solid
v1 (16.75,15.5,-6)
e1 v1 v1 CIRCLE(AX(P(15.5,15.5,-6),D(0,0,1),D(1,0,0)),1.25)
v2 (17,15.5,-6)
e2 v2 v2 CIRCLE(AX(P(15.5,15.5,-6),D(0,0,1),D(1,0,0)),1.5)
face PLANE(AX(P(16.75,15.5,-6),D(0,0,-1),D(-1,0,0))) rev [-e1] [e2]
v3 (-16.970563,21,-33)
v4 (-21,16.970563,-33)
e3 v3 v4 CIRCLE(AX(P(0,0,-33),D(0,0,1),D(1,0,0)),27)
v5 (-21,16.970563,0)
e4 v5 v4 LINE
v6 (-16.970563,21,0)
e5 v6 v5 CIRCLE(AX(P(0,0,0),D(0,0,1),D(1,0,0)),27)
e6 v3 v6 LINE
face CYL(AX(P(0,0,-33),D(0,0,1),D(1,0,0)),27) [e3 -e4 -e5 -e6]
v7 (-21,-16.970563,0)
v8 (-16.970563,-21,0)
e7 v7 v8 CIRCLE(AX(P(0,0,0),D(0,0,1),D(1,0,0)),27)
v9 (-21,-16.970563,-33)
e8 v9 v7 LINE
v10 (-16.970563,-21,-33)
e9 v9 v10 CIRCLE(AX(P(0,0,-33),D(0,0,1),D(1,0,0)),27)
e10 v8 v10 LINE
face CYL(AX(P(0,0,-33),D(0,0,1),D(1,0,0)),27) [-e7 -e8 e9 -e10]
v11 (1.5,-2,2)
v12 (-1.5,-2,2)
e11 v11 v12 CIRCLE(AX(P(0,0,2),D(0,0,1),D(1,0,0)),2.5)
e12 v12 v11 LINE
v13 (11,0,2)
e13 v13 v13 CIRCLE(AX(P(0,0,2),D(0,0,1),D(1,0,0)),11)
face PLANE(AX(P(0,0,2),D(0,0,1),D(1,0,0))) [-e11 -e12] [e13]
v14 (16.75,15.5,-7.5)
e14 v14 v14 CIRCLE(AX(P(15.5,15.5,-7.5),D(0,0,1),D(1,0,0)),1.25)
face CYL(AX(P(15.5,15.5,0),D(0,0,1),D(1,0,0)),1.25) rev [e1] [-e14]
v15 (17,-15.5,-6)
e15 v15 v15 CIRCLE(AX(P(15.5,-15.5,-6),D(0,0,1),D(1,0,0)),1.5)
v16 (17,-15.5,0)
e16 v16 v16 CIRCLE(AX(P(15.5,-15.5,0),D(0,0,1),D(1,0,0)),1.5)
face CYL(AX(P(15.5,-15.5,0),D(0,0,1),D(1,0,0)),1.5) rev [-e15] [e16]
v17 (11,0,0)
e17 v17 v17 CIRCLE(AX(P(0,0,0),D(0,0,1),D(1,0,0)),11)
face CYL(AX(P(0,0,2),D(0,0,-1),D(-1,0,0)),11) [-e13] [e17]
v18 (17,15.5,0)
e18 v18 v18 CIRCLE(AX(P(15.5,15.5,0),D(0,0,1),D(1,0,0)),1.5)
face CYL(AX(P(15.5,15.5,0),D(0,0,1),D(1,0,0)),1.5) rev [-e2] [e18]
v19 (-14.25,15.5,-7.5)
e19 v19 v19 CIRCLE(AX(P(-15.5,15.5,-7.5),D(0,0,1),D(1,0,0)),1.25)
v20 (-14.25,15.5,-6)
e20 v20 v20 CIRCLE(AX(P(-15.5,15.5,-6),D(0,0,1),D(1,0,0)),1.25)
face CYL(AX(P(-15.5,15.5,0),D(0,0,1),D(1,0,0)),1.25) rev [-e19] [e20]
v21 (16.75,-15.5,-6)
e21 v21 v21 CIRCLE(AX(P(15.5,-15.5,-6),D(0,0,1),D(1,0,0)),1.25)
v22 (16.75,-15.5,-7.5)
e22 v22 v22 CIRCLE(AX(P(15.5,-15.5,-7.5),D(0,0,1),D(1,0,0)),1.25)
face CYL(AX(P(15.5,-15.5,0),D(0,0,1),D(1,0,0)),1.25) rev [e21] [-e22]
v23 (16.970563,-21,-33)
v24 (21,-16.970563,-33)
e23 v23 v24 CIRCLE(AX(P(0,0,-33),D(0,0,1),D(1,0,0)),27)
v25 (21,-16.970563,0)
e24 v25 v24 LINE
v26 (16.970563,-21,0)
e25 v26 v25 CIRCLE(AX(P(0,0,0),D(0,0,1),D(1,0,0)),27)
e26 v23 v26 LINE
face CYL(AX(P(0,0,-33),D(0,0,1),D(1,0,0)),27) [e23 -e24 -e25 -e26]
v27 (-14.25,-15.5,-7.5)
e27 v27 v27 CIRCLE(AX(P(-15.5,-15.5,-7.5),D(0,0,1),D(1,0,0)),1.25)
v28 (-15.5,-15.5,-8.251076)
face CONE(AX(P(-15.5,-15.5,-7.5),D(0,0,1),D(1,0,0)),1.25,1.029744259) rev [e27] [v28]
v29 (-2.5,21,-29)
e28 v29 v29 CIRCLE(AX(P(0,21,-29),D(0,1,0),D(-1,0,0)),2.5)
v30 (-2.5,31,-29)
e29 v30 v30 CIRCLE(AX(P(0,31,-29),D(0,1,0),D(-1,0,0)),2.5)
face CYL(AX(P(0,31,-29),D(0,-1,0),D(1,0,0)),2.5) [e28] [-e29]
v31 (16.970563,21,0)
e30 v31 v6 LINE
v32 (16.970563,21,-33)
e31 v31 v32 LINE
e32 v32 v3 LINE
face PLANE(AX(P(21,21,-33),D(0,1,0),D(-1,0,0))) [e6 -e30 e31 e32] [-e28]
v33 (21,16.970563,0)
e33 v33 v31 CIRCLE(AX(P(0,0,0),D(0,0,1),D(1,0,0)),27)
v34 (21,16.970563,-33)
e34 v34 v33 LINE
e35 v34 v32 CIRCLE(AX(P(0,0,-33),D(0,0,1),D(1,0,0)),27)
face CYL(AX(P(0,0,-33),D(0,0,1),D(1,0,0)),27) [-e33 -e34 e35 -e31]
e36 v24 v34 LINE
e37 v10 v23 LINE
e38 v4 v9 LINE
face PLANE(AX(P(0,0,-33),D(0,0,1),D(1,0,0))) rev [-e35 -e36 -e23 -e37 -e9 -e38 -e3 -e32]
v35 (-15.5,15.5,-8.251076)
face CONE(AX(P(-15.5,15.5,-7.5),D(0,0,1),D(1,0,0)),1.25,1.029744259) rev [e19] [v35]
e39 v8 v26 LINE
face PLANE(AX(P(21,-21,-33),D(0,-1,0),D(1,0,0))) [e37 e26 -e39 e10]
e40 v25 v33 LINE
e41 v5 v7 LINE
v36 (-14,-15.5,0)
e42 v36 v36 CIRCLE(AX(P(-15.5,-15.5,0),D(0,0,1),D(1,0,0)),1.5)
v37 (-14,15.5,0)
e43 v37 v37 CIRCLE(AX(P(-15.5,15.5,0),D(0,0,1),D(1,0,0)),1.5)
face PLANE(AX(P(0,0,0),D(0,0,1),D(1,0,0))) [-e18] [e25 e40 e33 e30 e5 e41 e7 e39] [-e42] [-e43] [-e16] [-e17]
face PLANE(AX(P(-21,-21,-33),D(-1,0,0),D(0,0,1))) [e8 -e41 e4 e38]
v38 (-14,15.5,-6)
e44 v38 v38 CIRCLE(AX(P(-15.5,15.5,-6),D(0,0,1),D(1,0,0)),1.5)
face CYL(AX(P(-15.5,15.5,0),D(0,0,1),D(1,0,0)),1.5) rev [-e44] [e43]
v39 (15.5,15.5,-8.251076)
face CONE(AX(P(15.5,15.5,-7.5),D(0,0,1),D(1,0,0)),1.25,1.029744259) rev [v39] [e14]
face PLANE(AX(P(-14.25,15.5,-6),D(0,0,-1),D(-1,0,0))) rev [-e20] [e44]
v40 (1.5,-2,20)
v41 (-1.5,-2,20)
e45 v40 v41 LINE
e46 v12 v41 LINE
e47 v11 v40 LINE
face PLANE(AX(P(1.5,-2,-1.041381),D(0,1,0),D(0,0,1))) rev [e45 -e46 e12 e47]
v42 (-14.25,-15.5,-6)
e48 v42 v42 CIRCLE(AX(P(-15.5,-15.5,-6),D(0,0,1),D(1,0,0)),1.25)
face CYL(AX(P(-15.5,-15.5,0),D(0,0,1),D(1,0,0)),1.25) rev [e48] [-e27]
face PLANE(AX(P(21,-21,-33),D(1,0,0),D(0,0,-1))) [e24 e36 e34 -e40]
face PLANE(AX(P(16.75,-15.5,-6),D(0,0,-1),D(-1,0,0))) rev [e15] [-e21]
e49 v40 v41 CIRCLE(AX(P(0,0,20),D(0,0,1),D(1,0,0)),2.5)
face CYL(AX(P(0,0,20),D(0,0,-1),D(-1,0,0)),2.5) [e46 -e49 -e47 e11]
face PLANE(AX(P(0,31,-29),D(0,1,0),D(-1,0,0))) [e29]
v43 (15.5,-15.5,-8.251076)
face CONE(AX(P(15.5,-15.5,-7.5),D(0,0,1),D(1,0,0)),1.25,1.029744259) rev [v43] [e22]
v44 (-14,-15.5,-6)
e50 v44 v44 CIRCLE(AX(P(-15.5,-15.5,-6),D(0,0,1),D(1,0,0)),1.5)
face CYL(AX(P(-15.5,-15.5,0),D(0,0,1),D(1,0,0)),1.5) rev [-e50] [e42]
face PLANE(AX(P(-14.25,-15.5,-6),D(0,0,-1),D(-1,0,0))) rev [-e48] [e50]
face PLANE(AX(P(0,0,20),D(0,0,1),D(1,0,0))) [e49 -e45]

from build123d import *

# Parameters (mm, degrees)
SKETCH_1_W                   = 42
SKETCH_1_H                   = 42
EXTRUDE_1_DEPTH              = 33
SKETCH_2_R                   = 11
EXTRUDE_2_DEPTH              = 2
SKETCH_3_R                   = 2.5
EXTRUDE_3_DEPTH              = 18
CUT_EXTRUDE_2_DEPTH          = 18
HOLE_WIZARD_M3_1_D           = 2.5
HOLE_WIZARD_M3_1_DEPTH       = 7.5
HOLE_WIZARD_M3_1_CBORE_D     = 3
HOLE_WIZARD_M3_1_CBORE_DEPTH = 6
HOLE_WIZARD_M3_1_TIP         = 0.751075774
SKETCH_7_OUTSIDE_W           = 59.922
SKETCH_7_OUTSIDE_H           = 59.922
SKETCH_7_OUTSIDE_R           = 27
CUT_EXTRUDE_3_DEPTH          = 34
SKETCH_8_R                   = 2.5
EXTRUDE_4_DEPTH              = 10


with BuildPart() as part:
    # 草圖1 → 填料-伸長1 (new body)
    with BuildSketch(Plane.XY):
        Rectangle(SKETCH_1_W, SKETCH_1_H)
    extrude(amount=-EXTRUDE_1_DEPTH)

    # 草圖2 → 填料-伸長2 (add)
    with BuildSketch(Plane.XY):
        Circle(SKETCH_2_R)
    extrude(amount=EXTRUDE_2_DEPTH)

    # 草圖3 → 填料-伸長3 (add)
    with BuildSketch(Plane.XY.offset(2)):
        Circle(SKETCH_3_R)
    extrude(amount=EXTRUDE_3_DEPTH)

    # 草圖4 → 除料-伸長2 (cut)
    with BuildSketch(Plane.XY.offset(20)):
        with BuildLine():
            Line((1.5, -2), (-1.5, -2))
            ThreePointArc((-1.5, -2), (0, -2.5), (1.5, -2))
        make_face()
    extrude(amount=-CUT_EXTRUDE_2_DEPTH, mode=Mode.SUBTRACT)

    # M3 螺紋孔1
    with Locations(Plane.XY):
        with Locations((-15.5, 15.5), (15.5, 15.5), (15.5, -15.5), (-15.5, -15.5)):
            CounterBoreHole(HOLE_WIZARD_M3_1_D / 2, HOLE_WIZARD_M3_1_CBORE_D / 2, HOLE_WIZARD_M3_1_CBORE_DEPTH, depth=HOLE_WIZARD_M3_1_DEPTH)
            with Locations((0, 0, -(HOLE_WIZARD_M3_1_DEPTH + HOLE_WIZARD_M3_1_TIP / 2))):  # 118° drill point
                Cone(0, HOLE_WIZARD_M3_1_D / 2, HOLE_WIZARD_M3_1_TIP, mode=Mode.SUBTRACT)

    # 草圖7 outside → 除料-伸長3 (cut, through all)
    with BuildSketch(Plane.XY):
        Rectangle(SKETCH_7_OUTSIDE_W, SKETCH_7_OUTSIDE_H)
        Circle(SKETCH_7_OUTSIDE_R, mode=Mode.SUBTRACT)
    extrude(amount=-CUT_EXTRUDE_3_DEPTH, mode=Mode.SUBTRACT)

    # 草圖8 → 填料-伸長4 (add)
    with BuildSketch(Plane(origin=(0, 21, 0), x_dir=(1, 0, 0), z_dir=(0, 1, 0))):
        with Locations((0, 29)):
            Circle(SKETCH_8_R)
    extrude(amount=EXTRUDE_4_DEPTH)


solid = part.part
